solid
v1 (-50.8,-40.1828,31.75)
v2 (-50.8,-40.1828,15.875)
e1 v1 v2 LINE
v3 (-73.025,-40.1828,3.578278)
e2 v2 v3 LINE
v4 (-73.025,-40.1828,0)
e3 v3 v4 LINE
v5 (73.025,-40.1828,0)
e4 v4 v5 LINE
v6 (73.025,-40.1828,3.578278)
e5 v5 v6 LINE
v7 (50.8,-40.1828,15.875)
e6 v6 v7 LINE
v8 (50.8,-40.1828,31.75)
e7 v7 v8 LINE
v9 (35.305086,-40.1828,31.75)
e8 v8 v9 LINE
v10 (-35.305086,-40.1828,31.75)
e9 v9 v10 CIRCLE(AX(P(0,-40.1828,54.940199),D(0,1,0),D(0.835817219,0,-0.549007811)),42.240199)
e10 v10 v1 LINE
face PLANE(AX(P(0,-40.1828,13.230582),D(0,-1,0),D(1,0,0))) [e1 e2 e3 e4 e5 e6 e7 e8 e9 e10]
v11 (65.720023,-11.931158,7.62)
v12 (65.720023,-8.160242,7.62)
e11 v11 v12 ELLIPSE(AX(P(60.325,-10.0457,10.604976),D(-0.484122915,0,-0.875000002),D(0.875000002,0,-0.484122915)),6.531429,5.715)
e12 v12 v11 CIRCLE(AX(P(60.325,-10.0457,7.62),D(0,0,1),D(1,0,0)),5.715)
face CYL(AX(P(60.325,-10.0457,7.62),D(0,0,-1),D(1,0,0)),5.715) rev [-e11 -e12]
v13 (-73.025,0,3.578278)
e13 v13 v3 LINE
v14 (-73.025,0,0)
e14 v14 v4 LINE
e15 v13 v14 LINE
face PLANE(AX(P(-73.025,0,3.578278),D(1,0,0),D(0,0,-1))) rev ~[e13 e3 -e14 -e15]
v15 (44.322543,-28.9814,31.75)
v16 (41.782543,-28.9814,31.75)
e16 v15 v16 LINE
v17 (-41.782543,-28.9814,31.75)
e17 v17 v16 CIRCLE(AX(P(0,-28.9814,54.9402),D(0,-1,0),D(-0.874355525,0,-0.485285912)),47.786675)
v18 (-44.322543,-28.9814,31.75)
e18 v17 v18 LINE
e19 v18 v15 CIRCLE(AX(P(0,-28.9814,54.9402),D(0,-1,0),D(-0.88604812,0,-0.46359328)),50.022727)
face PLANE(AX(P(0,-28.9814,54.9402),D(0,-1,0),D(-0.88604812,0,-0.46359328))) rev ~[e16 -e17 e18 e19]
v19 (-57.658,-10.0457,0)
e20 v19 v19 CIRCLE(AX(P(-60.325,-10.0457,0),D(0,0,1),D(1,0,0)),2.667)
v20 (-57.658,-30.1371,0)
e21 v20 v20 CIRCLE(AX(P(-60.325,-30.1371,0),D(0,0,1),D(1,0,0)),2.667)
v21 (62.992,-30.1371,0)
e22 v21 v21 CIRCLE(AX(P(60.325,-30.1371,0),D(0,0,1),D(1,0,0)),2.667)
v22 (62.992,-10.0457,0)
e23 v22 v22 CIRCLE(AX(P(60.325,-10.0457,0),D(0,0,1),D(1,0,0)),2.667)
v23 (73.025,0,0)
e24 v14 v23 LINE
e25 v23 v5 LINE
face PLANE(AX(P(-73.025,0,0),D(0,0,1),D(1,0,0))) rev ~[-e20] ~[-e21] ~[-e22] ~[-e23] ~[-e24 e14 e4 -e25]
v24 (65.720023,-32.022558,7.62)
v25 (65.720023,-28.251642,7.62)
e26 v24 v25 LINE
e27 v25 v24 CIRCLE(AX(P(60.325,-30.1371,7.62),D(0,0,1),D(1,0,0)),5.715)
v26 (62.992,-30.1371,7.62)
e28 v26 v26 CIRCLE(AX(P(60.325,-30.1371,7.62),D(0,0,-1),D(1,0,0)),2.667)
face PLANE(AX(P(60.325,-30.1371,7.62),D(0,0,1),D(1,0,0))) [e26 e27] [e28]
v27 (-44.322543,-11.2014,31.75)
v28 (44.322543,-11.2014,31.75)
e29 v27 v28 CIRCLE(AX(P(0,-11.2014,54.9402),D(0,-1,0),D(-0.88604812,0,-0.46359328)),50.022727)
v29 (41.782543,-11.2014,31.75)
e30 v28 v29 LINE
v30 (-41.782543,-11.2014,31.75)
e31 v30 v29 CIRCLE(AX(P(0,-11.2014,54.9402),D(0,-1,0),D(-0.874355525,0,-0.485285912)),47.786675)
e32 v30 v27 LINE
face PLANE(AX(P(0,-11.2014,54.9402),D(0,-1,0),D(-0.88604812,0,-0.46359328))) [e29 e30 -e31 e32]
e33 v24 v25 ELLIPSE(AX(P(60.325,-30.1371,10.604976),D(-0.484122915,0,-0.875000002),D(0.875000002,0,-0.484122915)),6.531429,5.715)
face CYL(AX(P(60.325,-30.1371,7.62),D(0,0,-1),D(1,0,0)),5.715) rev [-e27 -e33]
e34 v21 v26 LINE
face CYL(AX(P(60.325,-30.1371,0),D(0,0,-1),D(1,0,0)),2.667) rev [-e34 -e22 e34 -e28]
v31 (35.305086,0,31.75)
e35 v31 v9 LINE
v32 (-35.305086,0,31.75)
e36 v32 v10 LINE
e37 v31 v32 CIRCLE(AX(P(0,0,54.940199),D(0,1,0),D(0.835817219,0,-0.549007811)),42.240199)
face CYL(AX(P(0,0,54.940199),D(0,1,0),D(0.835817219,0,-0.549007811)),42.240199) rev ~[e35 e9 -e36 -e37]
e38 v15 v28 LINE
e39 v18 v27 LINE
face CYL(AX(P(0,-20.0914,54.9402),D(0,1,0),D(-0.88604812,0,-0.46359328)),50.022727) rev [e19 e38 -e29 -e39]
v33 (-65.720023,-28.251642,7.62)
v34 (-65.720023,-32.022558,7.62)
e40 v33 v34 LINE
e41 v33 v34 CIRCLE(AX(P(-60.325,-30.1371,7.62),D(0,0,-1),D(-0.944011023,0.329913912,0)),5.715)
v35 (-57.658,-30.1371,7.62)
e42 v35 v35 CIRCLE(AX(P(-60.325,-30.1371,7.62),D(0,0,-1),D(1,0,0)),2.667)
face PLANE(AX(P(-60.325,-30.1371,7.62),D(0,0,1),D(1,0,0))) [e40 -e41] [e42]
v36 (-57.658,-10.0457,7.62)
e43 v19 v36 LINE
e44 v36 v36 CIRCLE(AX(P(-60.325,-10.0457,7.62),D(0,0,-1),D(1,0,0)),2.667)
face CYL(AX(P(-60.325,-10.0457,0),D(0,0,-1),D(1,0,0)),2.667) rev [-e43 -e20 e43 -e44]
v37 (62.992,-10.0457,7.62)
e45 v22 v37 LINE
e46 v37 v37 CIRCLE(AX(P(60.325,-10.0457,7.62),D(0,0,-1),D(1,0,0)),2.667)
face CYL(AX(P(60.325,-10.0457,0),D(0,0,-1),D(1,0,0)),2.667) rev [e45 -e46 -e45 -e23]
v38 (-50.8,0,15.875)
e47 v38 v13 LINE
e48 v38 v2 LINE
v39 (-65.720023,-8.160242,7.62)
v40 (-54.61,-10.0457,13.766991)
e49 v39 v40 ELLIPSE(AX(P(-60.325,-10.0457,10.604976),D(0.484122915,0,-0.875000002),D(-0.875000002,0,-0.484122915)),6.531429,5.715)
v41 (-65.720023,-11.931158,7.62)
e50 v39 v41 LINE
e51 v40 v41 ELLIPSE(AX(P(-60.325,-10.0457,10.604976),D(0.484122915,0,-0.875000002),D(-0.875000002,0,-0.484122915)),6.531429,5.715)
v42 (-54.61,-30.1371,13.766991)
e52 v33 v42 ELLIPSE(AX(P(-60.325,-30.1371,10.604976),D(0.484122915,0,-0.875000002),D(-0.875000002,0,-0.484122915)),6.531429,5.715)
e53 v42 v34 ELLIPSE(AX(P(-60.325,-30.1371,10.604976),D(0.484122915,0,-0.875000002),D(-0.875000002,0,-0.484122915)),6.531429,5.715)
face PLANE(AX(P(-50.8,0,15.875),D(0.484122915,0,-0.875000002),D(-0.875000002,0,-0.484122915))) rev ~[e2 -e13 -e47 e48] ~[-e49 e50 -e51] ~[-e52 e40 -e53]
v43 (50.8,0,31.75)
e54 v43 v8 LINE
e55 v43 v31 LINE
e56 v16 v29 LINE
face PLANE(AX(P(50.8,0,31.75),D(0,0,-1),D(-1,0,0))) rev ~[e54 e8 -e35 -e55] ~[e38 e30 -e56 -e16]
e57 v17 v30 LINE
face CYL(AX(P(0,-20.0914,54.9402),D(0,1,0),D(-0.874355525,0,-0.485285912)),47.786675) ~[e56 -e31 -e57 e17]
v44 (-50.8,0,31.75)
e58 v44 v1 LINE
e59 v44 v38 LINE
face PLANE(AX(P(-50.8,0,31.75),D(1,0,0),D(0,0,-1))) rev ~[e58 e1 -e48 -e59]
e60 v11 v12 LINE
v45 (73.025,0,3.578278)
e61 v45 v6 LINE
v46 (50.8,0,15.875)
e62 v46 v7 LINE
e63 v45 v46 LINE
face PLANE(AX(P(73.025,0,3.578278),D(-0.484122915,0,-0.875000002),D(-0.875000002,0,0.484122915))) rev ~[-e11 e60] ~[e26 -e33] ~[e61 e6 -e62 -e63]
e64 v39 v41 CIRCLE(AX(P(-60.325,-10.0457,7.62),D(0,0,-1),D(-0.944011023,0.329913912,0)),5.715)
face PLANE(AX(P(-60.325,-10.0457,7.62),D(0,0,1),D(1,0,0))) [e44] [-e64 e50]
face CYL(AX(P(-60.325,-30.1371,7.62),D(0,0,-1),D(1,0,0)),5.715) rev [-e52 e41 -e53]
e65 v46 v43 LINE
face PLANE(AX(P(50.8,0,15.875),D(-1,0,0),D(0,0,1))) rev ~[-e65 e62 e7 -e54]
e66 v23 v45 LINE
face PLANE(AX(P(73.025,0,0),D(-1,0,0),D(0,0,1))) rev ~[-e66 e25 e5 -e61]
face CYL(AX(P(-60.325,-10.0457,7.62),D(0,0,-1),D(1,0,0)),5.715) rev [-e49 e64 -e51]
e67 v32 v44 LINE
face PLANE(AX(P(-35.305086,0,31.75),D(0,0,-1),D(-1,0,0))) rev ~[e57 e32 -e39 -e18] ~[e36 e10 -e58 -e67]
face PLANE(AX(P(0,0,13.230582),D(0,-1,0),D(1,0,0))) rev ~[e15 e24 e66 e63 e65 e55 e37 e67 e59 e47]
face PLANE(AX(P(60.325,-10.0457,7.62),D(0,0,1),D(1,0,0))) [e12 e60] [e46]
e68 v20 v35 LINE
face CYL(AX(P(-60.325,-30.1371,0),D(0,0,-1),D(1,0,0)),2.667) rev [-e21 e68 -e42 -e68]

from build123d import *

# Parameters (mm, degrees)
F1_DEPTH = 40.1828
F2_W     = 2.54
F2_H     = 17.78
F5_R     = 2.667
F6_DEPTH = 25.4
F8_R     = 5.715
F9_DEPTH = 25.4


with BuildPart() as f1:
    # F0 (on Front) → F1 (new body)
    with BuildSketch(Plane.XZ):
        with BuildLine():
            Line((-50.8, 0), (50.8, 0))
            Line((50.8, 0), (50.8, 15.875))
            Line((50.8, 15.875), (50.8, 31.75))
            Line((50.8, 31.75), (35.305086, 31.75))
            ThreePointArc((35.305086, 31.75), (0, 12.7), (-35.305086, 31.75))
            Line((-35.305086, 31.75), (-50.8, 31.75))
            Line((-50.8, 31.75), (-50.8, 15.875))
            Line((-50.8, 15.875), (-50.8, 0))
        make_face()
        Polygon((-73.025, 0), (-50.8, 0), (-50.8, 15.875), (-73.025, 3.578278), align=None)
        Polygon((50.8, 15.875), (50.8, 0), (73.025, 0), (73.025, 3.578278), align=None)
    extrude(amount=F1_DEPTH)

    # F2 (on face) → F4 (revolve, cut)
    with BuildSketch(Plane.XY.offset(31.75)):
        with Locations((-43.052543, -20.0914)):
            Rectangle(F2_W, F2_H)
    revolve(axis=Axis((0, -22.422592, 54.9402), (0, -1, 0)), mode=Mode.SUBTRACT)

    # F5 (on Top) → F6 (cut)
    with BuildSketch(Plane.XY):
        with Locations((-60.325, -30.1371)):
            Circle(F5_R)
        with Locations((-60.325, -10.0457)):
            Circle(F5_R)
        with Locations((60.325, -30.1371)):
            Circle(F5_R)
        with Locations((60.325, -10.0457)):
            Circle(F5_R)
    extrude(amount=F6_DEPTH, mode=Mode.SUBTRACT)

    # F8 (on offset) → F9 (cut)
    with BuildSketch(Plane.XY.offset(7.62)):
        with Locations((60.325, -30.1371)):
            Circle(F8_R)
        with Locations((60.325, -10.0457)):
            Circle(F8_R)
        with Locations((-60.325, -30.1371)):
            Circle(F8_R)
        with Locations((-60.325, -10.0457)):
            Circle(F8_R)
    extrude(amount=F9_DEPTH, mode=Mode.SUBTRACT)


solid = f1.part
